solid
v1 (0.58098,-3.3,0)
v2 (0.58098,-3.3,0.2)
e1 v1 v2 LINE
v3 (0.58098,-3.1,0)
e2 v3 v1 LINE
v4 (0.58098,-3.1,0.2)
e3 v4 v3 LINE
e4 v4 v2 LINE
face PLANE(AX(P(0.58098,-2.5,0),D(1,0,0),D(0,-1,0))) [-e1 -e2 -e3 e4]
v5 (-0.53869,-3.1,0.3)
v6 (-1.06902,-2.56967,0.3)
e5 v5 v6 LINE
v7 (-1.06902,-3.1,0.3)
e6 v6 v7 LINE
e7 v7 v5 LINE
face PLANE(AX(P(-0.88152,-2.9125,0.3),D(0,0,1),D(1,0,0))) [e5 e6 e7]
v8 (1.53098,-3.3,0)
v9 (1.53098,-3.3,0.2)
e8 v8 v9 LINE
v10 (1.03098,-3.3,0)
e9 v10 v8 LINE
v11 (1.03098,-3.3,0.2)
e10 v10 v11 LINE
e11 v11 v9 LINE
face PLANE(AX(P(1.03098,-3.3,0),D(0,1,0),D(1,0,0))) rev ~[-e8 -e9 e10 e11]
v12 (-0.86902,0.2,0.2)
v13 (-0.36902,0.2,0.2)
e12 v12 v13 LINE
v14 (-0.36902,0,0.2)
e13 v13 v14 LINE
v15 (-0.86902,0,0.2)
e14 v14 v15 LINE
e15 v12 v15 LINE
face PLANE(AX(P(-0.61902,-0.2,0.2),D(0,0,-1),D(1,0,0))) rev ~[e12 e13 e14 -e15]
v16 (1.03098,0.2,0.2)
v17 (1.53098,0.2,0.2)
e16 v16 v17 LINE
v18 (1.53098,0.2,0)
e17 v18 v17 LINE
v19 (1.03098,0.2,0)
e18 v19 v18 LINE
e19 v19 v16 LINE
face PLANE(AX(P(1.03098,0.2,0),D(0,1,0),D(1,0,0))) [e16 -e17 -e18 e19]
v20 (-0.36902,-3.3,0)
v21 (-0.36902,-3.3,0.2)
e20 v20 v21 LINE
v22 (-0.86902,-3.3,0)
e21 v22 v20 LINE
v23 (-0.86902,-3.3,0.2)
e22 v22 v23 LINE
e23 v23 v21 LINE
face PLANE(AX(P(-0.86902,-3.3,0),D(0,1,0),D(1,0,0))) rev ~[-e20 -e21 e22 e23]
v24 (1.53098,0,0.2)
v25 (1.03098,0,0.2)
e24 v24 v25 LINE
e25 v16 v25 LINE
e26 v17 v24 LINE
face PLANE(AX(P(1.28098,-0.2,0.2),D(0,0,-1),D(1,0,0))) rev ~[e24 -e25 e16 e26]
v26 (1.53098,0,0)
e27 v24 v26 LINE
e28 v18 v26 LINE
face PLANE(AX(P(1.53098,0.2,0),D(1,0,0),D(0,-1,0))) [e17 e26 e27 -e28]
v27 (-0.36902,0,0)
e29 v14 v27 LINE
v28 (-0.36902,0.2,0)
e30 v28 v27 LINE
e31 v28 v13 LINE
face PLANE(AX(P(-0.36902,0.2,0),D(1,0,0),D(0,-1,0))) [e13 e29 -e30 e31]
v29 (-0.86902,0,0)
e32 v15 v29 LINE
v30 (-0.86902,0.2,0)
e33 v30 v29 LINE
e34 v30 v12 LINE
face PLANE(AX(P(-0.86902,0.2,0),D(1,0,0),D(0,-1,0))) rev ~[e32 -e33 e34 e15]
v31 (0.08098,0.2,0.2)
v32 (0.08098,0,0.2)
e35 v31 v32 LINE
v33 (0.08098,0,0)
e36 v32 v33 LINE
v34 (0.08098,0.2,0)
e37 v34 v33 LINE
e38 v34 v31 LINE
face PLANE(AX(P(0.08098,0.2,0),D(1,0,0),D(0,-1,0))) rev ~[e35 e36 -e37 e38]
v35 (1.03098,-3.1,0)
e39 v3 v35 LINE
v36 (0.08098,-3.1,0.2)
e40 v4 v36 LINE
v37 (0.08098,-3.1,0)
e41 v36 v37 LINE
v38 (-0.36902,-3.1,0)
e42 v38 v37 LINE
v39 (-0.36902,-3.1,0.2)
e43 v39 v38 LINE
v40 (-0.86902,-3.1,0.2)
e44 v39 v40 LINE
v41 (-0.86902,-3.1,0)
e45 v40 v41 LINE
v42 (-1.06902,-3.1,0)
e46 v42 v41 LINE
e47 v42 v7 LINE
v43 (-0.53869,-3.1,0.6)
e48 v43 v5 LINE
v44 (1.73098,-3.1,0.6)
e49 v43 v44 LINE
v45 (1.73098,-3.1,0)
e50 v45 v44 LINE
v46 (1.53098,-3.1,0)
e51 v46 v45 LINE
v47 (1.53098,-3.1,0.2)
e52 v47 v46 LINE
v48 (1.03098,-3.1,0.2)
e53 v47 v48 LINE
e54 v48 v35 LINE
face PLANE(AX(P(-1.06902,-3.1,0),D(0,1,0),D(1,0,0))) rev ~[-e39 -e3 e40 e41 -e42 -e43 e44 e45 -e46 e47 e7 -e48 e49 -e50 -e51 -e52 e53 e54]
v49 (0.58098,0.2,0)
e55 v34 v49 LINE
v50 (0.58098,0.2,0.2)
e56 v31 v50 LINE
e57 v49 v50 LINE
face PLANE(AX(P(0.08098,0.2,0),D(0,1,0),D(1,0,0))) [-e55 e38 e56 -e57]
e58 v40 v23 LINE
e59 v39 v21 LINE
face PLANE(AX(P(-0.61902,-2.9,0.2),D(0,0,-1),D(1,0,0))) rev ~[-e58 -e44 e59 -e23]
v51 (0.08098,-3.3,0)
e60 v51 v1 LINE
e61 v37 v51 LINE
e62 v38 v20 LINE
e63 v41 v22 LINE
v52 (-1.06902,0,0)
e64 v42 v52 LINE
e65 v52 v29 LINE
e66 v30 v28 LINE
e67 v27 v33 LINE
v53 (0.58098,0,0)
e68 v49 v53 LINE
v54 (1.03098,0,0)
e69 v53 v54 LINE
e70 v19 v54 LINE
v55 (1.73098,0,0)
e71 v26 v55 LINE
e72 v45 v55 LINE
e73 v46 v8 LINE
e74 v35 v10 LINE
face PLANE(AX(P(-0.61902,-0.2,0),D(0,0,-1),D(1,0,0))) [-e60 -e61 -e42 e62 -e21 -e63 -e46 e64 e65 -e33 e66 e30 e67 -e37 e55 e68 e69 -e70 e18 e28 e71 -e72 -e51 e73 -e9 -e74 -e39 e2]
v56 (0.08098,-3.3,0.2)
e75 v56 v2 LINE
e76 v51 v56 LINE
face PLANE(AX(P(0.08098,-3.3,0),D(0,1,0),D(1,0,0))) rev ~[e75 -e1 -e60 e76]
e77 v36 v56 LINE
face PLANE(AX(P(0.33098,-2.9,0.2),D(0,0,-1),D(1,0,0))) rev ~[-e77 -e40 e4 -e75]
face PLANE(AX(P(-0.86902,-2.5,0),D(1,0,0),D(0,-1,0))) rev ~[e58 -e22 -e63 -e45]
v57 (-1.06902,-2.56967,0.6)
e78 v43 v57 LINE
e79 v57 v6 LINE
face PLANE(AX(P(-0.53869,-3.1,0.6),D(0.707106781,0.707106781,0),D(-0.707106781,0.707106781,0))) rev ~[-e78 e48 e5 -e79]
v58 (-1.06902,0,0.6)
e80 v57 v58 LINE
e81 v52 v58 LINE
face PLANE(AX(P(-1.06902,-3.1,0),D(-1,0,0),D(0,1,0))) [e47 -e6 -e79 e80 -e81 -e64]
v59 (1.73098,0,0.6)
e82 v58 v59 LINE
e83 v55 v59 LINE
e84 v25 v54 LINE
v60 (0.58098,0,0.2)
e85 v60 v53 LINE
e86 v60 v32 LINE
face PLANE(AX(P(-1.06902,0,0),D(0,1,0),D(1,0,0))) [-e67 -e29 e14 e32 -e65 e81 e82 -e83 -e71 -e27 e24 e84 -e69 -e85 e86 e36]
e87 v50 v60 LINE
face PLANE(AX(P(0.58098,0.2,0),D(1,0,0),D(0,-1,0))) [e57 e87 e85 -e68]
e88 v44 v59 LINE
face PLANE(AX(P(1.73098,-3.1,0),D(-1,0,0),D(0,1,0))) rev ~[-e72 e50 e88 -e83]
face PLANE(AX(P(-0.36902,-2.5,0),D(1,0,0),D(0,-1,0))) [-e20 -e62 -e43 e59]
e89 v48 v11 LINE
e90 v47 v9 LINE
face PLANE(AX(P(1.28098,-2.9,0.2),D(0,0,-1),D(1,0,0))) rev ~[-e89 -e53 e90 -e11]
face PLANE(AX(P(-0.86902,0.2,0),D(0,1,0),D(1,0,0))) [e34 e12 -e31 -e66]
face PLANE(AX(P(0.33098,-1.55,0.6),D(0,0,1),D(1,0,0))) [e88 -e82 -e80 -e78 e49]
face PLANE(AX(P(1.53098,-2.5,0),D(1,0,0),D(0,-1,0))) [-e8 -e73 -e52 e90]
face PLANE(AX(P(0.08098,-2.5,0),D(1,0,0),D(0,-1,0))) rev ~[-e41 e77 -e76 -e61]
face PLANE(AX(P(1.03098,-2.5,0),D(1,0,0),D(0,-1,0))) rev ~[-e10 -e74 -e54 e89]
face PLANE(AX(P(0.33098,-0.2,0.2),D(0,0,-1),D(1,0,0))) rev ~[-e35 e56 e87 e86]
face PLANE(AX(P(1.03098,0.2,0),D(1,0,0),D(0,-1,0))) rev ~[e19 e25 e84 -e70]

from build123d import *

# Parameters (mm, degrees)
F0_W     = 2.8
F0_H     = 3.1
F1_DEPTH = 0.6
F3_DEPTH = 0.3
F4_W     = 0.5
F4_H     = 0.8
F5_DEPTH = 0.2


with BuildPart() as f1:
    # F0 (on Top) → F1 (new body)
    with BuildSketch(Plane.XY):
        with Locations((0.33098, -1.55)):
            Rectangle(F0_W, F0_H)
    extrude(amount=F1_DEPTH)

    # F2 (on face) → F3 (cut)
    with BuildSketch(Plane.XY.offset(0.6)):
        Polygon((-0.53869, -3.1), (-1.06902, -2.56967), (-1.06902, -3.1), align=None)
    extrude(amount=-F3_DEPTH, mode=Mode.SUBTRACT)

    # F4 (on face) → F5 (join)
    with BuildSketch(Plane(origin=(0, 0, 0), x_dir=(1, 0, 0), z_dir=(0, 0, -1))):
        with Locations((-0.61902, 0.2)):
            Rectangle(F4_W, F4_H)
        with Locations((0.33098, 0.2)):
            Rectangle(F4_W, F4_H)
        with Locations((1.28098, 0.2)):
            Rectangle(F4_W, F4_H)
        with Locations((1.28098, 2.9)):
            Rectangle(F4_W, F4_H)
        with Locations((0.33098, 2.9)):
            Rectangle(F4_W, F4_H)
        with Locations((-0.61902, 2.9)):
            Rectangle(F4_W, F4_H)
    extrude(amount=-F5_DEPTH)


solid = f1.part
